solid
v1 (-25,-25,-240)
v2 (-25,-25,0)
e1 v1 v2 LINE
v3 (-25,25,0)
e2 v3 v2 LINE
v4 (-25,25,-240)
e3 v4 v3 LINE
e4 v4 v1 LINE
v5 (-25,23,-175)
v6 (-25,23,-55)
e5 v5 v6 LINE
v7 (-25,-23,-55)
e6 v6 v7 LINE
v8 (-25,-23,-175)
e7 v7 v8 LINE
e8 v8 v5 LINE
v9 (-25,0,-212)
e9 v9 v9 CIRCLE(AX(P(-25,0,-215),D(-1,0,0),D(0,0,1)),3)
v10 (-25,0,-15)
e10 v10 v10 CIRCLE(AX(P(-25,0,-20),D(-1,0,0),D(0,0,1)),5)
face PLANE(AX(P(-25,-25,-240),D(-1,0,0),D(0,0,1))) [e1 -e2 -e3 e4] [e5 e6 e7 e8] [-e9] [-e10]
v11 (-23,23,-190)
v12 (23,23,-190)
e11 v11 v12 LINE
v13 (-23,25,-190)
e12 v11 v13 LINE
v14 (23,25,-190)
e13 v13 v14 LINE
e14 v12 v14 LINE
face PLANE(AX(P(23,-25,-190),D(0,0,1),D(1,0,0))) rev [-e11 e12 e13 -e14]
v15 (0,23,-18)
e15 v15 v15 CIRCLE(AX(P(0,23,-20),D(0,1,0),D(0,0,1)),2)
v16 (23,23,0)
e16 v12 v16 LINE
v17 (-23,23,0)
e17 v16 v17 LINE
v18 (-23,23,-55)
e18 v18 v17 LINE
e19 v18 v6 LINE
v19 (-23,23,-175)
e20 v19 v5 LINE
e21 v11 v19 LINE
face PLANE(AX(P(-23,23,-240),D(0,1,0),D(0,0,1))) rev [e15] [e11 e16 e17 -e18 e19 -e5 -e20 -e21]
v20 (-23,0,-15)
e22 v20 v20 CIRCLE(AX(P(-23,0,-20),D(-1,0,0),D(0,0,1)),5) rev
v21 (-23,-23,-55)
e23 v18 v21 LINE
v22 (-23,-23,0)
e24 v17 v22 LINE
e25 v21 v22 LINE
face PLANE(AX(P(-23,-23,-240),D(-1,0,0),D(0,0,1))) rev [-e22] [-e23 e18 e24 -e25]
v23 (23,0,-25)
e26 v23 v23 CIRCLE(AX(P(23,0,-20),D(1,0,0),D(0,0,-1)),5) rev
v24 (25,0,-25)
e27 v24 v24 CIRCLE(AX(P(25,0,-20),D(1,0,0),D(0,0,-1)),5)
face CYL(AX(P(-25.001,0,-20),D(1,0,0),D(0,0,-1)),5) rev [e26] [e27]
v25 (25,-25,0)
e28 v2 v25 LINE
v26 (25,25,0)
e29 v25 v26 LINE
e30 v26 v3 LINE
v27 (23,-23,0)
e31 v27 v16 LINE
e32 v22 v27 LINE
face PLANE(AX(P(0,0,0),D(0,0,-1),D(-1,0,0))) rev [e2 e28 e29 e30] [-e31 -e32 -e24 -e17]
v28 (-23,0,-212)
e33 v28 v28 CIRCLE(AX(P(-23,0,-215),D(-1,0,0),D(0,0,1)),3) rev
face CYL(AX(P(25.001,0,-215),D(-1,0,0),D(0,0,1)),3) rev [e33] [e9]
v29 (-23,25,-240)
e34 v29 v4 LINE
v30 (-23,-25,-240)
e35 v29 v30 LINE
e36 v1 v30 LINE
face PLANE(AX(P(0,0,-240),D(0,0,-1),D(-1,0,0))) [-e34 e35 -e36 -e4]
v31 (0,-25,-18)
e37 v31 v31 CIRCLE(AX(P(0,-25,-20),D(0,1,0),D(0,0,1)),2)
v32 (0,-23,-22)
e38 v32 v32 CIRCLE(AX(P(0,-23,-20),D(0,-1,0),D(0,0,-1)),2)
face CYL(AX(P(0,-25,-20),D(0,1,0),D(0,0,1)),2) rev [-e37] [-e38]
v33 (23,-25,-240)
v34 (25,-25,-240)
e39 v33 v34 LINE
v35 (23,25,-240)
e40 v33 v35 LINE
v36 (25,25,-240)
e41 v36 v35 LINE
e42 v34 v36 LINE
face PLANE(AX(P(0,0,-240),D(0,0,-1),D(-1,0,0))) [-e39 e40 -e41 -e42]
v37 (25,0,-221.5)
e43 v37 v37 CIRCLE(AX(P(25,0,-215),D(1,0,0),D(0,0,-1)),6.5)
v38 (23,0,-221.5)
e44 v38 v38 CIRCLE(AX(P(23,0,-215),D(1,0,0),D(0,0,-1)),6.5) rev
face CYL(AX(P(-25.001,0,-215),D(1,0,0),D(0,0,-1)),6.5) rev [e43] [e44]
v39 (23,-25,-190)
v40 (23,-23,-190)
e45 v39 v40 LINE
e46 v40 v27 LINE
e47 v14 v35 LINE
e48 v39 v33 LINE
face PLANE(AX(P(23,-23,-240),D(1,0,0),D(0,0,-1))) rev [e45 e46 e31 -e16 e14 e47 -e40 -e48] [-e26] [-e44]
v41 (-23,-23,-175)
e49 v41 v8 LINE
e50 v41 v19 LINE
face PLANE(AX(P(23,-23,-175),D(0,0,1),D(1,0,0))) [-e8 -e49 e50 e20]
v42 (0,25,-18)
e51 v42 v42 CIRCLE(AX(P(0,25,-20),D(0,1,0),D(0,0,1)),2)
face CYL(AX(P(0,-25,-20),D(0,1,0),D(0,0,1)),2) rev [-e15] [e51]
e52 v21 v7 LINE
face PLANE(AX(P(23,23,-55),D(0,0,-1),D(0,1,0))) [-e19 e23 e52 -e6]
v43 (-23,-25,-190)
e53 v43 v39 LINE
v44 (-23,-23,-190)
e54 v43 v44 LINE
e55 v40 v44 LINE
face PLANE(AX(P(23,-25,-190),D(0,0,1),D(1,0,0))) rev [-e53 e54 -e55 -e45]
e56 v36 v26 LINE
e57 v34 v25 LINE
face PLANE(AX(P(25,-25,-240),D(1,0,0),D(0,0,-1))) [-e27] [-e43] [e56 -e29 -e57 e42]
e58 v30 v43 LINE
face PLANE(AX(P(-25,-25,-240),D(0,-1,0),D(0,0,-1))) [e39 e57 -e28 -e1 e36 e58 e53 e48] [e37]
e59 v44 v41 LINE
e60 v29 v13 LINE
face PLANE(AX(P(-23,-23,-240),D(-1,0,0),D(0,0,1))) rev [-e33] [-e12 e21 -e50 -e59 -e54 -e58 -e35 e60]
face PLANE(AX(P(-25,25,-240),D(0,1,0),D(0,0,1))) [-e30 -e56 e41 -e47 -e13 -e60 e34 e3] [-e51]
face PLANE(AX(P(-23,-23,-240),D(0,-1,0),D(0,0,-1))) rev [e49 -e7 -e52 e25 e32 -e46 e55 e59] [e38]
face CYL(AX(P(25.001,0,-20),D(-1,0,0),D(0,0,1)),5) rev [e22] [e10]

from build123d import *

# Parameters (mm, degrees)
SKETCH1_W           = 50
SKETCH1_H           = 50
SKETCH1_W_2         = 46
SKETCH1_H_2         = 46
BOSS_EXTRUDE1_DEPTH = 240
SKETCH2_W           = 46
SKETCH2_H           = 50
CUT_EXTRUDE1_DEPTH  = 247.424430607
CUT_EXTRUDE2_REACH  = 248.424
SKETCH3_R           = 6.5
SKETCH3_R_2         = 5
CUT_EXTRUDE3_REACH  = 248.424
SKETCH4_R           = 3
SKETCH4_R_2         = 5
SKETCH5_W           = 120
SKETCH5_H           = 46
CUT_EXTRUDE5_DEPTH  = 48
SKETCH6_R           = 2
CUT_EXTRUDE6_DEPTH  = 247.424430607


with BuildPart() as part:
    # Sketch1 → Boss-Extrude1 (new body)
    with BuildSketch(Plane.XY):
        Rectangle(SKETCH1_W, SKETCH1_H)
        Rectangle(SKETCH1_W_2, SKETCH1_H_2, mode=Mode.SUBTRACT)
    extrude(amount=-BOSS_EXTRUDE1_DEPTH)

    # Sketch2 → Cut-Extrude1 (cut, through all)
    with BuildSketch(Plane(origin=(0, 25, 0), x_dir=(1, 0, 0), z_dir=(0, 1, 0))):
        with Locations((0, 215)):
            Rectangle(SKETCH2_W, SKETCH2_H)
    extrude(amount=-CUT_EXTRUDE1_DEPTH, mode=Mode.SUBTRACT)

    # Sketch3 → Cut-Extrude2 (cut, up to next)
    with BuildSketch(Plane(origin=(25, 0, 0), x_dir=(0, 0, -1), z_dir=(1, 0, 0)), mode=Mode.PRIVATE) as cut_extrude2_sk1:
        with Locations((215, 0)):
            Circle(SKETCH3_R)
    cut_extrude2_tool1 = extrude(cut_extrude2_sk1.sketch, amount=-CUT_EXTRUDE2_REACH, mode=Mode.PRIVATE) & part.part
    # Sketch3 → Cut-Extrude2 (cut, up to next)
    with BuildSketch(Plane(origin=(25, 0, 0), x_dir=(0, 0, -1), z_dir=(1, 0, 0)), mode=Mode.PRIVATE) as cut_extrude2_sk2:
        with Locations((20, 0)):
            Circle(SKETCH3_R_2)
    cut_extrude2_tool2 = extrude(cut_extrude2_sk2.sketch, amount=-CUT_EXTRUDE2_REACH, mode=Mode.PRIVATE) & part.part
    add(cut_extrude2_tool1.solids().sort_by_distance((25, 0, -215))[0], mode=Mode.SUBTRACT)
    add(cut_extrude2_tool2.solids().sort_by_distance((25, 0, -20))[0], mode=Mode.SUBTRACT)

    # Sketch4 → Cut-Extrude3 (cut, up to next)
    with BuildSketch(Plane.ZY.offset(25), mode=Mode.PRIVATE) as cut_extrude3_sk1:
        with Locations((-215, 0)):
            Circle(SKETCH4_R)
    cut_extrude3_tool1 = extrude(cut_extrude3_sk1.sketch, amount=-CUT_EXTRUDE3_REACH, mode=Mode.PRIVATE) & part.part
    # Sketch4 → Cut-Extrude3 (cut, up to next)
    with BuildSketch(Plane.ZY.offset(25), mode=Mode.PRIVATE) as cut_extrude3_sk2:
        with Locations(Location((-20, 0, 0), (0, 0, 180))):
            Circle(SKETCH4_R_2)
    cut_extrude3_tool2 = extrude(cut_extrude3_sk2.sketch, amount=-CUT_EXTRUDE3_REACH, mode=Mode.PRIVATE) & part.part
    add(cut_extrude3_tool1.solids().sort_by_distance((-25, 0, -215))[0], mode=Mode.SUBTRACT)
    add(cut_extrude3_tool2.solids().sort_by_distance((-25, 0, -20))[0], mode=Mode.SUBTRACT)

    # Sketch5 → Cut-Extrude5 (cut)
    with BuildSketch(Plane(origin=(-25, 0, 0), x_dir=(0, 0, -1), z_dir=(1, 0, 0))):
        with Locations((115, 0)):
            Rectangle(SKETCH5_W, SKETCH5_H)
    extrude(amount=CUT_EXTRUDE5_DEPTH, mode=Mode.SUBTRACT)

    # Sketch6 → Cut-Extrude6 (cut, through all)
    with BuildSketch(Plane(origin=(0, 25, 0), x_dir=(1, 0, 0), z_dir=(0, 1, 0))):
        with Locations(Location((0, 20, 0), (0, 0, 270))):
            Circle(SKETCH6_R)
    extrude(amount=-CUT_EXTRUDE6_DEPTH, mode=Mode.SUBTRACT)


solid = part.part
